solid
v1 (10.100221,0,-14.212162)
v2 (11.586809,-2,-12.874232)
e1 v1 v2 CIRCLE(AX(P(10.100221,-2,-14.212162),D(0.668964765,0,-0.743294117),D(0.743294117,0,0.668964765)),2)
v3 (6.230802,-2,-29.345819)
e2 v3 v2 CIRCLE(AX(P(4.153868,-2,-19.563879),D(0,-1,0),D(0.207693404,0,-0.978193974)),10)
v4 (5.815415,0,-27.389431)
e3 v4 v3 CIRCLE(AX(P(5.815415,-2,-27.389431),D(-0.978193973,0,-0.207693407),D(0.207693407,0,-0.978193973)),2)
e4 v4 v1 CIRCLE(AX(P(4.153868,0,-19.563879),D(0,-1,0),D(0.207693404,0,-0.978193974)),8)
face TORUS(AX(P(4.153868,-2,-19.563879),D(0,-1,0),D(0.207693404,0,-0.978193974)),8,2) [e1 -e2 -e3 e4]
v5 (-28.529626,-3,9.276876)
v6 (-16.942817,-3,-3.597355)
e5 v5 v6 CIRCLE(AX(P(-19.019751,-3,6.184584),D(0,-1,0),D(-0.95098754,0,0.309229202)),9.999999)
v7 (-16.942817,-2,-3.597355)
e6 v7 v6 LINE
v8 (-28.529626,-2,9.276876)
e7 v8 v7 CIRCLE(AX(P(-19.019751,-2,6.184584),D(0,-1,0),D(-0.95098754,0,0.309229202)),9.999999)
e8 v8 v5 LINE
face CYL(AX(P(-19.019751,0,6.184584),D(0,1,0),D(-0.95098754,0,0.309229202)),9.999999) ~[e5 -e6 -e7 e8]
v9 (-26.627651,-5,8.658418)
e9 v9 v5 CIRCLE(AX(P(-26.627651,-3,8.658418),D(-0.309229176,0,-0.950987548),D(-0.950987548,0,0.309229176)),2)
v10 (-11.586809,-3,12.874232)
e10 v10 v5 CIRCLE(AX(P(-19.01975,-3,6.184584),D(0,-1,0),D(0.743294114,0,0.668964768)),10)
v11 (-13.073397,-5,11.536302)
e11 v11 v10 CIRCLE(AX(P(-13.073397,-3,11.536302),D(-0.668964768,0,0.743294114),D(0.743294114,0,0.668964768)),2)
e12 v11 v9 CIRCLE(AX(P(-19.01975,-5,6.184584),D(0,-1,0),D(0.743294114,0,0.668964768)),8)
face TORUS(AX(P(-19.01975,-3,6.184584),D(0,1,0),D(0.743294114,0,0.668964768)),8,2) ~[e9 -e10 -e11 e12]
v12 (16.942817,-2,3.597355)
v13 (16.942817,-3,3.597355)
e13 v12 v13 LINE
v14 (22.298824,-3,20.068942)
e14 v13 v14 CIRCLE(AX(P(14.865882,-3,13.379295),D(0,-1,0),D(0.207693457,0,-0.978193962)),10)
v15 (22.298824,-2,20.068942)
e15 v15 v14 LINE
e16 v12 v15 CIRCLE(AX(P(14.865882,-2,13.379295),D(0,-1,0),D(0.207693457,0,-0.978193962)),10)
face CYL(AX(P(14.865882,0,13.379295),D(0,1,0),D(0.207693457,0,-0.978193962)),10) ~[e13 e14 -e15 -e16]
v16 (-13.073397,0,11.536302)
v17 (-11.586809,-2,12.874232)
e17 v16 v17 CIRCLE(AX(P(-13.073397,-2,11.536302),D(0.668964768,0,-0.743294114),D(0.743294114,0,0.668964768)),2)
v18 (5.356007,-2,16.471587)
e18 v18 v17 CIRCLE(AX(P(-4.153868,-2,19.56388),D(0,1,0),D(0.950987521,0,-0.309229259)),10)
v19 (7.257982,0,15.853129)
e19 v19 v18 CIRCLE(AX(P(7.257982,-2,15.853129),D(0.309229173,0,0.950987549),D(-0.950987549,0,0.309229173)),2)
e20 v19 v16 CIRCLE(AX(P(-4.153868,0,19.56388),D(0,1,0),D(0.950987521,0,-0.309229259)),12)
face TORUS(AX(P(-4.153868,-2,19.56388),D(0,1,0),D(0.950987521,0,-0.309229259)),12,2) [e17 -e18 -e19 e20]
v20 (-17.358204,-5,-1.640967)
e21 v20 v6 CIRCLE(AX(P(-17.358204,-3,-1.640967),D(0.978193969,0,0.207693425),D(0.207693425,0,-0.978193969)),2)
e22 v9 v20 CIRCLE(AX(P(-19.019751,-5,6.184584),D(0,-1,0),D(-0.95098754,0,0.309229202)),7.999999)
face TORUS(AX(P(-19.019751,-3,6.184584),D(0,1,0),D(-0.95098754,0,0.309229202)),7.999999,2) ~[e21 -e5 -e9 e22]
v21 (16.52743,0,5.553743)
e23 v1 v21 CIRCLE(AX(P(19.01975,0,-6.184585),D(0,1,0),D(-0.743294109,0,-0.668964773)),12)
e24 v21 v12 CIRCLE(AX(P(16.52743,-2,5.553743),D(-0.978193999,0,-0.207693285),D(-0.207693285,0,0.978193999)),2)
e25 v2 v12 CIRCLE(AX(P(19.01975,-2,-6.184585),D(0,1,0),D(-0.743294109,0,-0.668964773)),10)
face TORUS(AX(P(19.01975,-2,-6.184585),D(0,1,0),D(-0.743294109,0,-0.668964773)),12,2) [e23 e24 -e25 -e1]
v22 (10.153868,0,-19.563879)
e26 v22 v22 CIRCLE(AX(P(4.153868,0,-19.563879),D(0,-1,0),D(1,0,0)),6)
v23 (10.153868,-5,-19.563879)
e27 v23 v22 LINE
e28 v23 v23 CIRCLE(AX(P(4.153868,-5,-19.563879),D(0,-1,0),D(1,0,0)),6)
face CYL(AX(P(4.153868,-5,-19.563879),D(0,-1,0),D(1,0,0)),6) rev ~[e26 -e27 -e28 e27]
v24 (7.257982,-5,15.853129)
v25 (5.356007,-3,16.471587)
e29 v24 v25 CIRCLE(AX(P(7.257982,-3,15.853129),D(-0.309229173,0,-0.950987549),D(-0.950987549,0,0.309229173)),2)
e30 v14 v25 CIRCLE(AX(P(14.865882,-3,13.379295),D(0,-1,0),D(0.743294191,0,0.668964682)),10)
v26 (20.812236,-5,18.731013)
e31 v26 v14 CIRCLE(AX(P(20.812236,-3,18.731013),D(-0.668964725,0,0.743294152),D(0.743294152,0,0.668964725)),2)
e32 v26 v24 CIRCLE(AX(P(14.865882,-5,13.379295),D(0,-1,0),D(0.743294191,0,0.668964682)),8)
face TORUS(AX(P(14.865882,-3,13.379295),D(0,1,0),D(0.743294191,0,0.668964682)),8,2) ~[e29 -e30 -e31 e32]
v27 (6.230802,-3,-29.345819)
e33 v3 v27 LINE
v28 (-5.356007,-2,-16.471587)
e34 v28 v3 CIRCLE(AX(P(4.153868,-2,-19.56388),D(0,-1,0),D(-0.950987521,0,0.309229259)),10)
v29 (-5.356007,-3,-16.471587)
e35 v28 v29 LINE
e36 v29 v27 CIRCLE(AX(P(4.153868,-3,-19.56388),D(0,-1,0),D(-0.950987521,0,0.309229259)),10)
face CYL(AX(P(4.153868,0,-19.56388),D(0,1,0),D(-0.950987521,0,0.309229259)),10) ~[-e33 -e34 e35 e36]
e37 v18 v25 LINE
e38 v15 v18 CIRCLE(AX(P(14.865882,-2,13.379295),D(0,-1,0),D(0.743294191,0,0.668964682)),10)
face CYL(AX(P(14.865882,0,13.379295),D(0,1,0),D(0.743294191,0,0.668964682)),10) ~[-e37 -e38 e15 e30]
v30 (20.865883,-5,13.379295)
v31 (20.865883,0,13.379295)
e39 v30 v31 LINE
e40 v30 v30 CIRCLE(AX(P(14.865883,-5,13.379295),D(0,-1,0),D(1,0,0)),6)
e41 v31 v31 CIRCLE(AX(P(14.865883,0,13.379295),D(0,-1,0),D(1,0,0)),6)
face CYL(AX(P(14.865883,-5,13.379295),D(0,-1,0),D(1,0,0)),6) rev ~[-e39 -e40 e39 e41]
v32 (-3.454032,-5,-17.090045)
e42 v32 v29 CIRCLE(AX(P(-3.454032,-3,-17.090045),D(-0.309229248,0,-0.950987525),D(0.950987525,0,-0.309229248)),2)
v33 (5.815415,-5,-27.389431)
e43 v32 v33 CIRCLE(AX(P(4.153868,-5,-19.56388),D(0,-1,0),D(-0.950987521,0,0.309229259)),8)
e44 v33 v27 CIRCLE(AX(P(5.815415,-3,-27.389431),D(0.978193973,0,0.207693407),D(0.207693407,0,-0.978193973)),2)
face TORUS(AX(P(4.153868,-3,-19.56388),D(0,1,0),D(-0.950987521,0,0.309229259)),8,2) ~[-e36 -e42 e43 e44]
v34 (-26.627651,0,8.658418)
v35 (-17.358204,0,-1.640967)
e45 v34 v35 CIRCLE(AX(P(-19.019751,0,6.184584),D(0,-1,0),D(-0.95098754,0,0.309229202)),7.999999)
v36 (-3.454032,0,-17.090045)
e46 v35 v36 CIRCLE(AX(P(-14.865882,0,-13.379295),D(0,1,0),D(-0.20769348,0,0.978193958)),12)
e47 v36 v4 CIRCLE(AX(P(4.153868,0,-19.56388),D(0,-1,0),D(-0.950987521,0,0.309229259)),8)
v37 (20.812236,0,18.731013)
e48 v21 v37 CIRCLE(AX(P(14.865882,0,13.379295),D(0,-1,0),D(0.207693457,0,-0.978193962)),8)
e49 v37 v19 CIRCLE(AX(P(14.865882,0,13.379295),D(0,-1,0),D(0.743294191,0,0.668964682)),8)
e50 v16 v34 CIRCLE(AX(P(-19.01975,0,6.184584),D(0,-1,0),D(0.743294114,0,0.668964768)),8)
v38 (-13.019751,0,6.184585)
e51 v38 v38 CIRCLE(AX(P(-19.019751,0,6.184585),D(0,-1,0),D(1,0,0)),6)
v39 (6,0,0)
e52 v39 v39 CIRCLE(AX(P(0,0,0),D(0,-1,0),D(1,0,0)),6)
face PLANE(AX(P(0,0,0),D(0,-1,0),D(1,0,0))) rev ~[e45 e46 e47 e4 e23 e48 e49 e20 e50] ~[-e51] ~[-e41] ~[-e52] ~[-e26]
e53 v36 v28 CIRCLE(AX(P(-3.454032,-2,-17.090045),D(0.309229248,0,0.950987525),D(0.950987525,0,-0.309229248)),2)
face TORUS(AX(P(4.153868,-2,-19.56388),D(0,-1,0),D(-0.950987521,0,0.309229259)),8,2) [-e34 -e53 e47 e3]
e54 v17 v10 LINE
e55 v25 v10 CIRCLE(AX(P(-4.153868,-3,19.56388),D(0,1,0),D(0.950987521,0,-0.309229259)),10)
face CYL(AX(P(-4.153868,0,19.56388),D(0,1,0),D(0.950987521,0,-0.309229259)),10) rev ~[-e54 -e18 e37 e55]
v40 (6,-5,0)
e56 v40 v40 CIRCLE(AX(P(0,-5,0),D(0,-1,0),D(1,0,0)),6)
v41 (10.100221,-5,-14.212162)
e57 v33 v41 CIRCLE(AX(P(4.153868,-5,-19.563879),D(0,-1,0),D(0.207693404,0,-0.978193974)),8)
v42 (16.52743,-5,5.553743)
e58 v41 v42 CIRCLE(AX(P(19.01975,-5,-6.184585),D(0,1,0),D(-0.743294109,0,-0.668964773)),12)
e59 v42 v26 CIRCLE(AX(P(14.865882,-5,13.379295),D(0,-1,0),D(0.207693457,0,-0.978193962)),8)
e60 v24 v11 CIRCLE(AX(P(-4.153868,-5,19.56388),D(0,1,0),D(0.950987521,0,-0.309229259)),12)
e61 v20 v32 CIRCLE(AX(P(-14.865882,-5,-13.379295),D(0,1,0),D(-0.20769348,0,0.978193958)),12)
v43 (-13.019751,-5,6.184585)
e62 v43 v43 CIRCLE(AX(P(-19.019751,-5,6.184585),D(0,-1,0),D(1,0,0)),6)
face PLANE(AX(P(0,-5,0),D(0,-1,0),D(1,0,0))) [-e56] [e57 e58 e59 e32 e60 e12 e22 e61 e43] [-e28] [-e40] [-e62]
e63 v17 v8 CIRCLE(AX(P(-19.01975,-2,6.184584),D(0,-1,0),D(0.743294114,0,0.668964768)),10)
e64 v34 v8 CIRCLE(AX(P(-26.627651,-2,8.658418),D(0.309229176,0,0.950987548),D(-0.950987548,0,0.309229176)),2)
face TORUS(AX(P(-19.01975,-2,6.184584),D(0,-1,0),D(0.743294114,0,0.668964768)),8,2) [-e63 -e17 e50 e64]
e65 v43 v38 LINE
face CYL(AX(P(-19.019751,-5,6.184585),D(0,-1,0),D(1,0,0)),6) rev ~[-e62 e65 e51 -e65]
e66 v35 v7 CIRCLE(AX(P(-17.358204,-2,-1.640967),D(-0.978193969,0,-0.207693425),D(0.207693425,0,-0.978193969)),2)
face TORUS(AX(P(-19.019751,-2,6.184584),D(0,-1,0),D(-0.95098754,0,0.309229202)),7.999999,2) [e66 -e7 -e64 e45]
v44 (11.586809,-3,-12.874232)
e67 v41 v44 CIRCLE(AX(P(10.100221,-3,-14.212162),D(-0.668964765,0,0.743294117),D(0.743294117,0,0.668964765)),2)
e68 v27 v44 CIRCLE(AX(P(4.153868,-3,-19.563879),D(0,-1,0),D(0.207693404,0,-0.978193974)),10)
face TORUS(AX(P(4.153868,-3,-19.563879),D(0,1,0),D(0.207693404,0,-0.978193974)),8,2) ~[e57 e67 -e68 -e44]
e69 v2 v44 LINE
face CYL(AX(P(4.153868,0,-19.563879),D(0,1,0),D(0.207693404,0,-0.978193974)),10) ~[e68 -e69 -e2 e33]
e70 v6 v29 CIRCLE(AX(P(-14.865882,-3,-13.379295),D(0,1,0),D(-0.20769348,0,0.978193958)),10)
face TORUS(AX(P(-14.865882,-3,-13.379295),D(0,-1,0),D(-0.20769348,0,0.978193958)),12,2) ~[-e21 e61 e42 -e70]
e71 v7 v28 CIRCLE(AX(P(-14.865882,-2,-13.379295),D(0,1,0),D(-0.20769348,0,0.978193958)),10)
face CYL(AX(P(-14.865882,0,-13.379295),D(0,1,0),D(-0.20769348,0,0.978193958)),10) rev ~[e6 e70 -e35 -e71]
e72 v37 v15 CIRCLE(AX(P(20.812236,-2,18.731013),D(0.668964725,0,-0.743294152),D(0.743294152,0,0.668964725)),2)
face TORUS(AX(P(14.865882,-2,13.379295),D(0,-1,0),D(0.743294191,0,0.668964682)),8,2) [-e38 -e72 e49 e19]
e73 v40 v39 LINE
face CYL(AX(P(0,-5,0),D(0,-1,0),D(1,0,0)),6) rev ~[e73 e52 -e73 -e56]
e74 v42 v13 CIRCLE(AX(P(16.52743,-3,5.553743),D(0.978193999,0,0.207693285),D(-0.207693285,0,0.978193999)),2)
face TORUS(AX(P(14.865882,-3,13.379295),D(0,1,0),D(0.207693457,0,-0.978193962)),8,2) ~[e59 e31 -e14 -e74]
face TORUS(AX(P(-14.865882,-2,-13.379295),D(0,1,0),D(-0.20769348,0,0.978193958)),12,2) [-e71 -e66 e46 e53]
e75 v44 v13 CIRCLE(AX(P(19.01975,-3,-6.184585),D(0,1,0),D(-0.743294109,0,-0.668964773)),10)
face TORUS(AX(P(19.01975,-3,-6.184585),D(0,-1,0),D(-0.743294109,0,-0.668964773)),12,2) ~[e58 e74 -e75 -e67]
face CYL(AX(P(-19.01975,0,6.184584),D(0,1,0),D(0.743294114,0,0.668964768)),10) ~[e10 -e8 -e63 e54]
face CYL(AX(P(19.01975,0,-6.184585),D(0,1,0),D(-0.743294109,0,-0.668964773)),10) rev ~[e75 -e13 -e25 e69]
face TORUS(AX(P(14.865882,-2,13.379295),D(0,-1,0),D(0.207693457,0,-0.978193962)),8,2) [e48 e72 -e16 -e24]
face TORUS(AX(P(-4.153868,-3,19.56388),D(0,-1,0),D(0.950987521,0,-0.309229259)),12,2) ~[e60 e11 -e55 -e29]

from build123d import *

# Parameters (mm, degrees)
F1_DEPTH = 5
F2_R     = 6
F3_DEPTH = 25
F4_R     = 2
F5_R     = 2


with BuildPart() as f1:
    # F0 (on Front) → F1 (new body)
    with BuildSketch(Plane.XZ):
        with BuildLine():
            ThreePointArc((16.942817, 3.597355), (24.375758, 10.287003), (22.298824, 20.068942))
            ThreePointArc((22.298824, 20.068942), (12.788949, 23.161235), (5.356007, 16.471587))
            ThreePointArc((5.356007, 16.471587), (-2.076934, 9.78194), (-11.586809, 12.874232))
            ThreePointArc((-11.586809, 12.874232), (-21.096685, 15.966524), (-28.529626, 9.276876))
            ThreePointArc((-28.529626, 9.276876), (-26.452692, -0.505063), (-16.942817, -3.597355))
            ThreePointArc((-16.942817, -3.597355), (-7.432941, -6.689647), (-5.356007, -16.471587))
            ThreePointArc((-5.356007, -16.471587), (-3.279073, -26.253527), (6.230802, -29.345819))
            ThreePointArc((6.230802, -29.345819), (13.663743, -22.656172), (11.586809, -12.874232))
            ThreePointArc((11.586809, -12.874232), (9.509875, -3.092292), (16.942817, 3.597355))
        make_face()
    extrude(amount=F1_DEPTH)

    # F2 (on face) → F3 (cut)
    with BuildSketch(Plane.XZ.offset(5)):
        with Locations((-19.019751, 6.184585)):
            Circle(F2_R)
        Circle(F2_R)
        with Locations((14.865883, 13.379295)):
            Circle(F2_R)
        with Locations((4.153868, -19.563879)):
            Circle(F2_R)
    extrude(amount=-F3_DEPTH, mode=Mode.SUBTRACT)

    # F4
    f4_edges = [f1.edges().sort_by_distance(p)[0] for p in [
        (-28.529626, -5, 9.276877),
    ]]
    fillet(f4_edges, radius=F4_R)

    # F5
    f5_edges = [f1.edges().sort_by_distance(p)[0] for p in [
        (-28.529626, 0, 9.276877),
    ]]
    fillet(f5_edges, radius=F5_R)


solid = f1.part
